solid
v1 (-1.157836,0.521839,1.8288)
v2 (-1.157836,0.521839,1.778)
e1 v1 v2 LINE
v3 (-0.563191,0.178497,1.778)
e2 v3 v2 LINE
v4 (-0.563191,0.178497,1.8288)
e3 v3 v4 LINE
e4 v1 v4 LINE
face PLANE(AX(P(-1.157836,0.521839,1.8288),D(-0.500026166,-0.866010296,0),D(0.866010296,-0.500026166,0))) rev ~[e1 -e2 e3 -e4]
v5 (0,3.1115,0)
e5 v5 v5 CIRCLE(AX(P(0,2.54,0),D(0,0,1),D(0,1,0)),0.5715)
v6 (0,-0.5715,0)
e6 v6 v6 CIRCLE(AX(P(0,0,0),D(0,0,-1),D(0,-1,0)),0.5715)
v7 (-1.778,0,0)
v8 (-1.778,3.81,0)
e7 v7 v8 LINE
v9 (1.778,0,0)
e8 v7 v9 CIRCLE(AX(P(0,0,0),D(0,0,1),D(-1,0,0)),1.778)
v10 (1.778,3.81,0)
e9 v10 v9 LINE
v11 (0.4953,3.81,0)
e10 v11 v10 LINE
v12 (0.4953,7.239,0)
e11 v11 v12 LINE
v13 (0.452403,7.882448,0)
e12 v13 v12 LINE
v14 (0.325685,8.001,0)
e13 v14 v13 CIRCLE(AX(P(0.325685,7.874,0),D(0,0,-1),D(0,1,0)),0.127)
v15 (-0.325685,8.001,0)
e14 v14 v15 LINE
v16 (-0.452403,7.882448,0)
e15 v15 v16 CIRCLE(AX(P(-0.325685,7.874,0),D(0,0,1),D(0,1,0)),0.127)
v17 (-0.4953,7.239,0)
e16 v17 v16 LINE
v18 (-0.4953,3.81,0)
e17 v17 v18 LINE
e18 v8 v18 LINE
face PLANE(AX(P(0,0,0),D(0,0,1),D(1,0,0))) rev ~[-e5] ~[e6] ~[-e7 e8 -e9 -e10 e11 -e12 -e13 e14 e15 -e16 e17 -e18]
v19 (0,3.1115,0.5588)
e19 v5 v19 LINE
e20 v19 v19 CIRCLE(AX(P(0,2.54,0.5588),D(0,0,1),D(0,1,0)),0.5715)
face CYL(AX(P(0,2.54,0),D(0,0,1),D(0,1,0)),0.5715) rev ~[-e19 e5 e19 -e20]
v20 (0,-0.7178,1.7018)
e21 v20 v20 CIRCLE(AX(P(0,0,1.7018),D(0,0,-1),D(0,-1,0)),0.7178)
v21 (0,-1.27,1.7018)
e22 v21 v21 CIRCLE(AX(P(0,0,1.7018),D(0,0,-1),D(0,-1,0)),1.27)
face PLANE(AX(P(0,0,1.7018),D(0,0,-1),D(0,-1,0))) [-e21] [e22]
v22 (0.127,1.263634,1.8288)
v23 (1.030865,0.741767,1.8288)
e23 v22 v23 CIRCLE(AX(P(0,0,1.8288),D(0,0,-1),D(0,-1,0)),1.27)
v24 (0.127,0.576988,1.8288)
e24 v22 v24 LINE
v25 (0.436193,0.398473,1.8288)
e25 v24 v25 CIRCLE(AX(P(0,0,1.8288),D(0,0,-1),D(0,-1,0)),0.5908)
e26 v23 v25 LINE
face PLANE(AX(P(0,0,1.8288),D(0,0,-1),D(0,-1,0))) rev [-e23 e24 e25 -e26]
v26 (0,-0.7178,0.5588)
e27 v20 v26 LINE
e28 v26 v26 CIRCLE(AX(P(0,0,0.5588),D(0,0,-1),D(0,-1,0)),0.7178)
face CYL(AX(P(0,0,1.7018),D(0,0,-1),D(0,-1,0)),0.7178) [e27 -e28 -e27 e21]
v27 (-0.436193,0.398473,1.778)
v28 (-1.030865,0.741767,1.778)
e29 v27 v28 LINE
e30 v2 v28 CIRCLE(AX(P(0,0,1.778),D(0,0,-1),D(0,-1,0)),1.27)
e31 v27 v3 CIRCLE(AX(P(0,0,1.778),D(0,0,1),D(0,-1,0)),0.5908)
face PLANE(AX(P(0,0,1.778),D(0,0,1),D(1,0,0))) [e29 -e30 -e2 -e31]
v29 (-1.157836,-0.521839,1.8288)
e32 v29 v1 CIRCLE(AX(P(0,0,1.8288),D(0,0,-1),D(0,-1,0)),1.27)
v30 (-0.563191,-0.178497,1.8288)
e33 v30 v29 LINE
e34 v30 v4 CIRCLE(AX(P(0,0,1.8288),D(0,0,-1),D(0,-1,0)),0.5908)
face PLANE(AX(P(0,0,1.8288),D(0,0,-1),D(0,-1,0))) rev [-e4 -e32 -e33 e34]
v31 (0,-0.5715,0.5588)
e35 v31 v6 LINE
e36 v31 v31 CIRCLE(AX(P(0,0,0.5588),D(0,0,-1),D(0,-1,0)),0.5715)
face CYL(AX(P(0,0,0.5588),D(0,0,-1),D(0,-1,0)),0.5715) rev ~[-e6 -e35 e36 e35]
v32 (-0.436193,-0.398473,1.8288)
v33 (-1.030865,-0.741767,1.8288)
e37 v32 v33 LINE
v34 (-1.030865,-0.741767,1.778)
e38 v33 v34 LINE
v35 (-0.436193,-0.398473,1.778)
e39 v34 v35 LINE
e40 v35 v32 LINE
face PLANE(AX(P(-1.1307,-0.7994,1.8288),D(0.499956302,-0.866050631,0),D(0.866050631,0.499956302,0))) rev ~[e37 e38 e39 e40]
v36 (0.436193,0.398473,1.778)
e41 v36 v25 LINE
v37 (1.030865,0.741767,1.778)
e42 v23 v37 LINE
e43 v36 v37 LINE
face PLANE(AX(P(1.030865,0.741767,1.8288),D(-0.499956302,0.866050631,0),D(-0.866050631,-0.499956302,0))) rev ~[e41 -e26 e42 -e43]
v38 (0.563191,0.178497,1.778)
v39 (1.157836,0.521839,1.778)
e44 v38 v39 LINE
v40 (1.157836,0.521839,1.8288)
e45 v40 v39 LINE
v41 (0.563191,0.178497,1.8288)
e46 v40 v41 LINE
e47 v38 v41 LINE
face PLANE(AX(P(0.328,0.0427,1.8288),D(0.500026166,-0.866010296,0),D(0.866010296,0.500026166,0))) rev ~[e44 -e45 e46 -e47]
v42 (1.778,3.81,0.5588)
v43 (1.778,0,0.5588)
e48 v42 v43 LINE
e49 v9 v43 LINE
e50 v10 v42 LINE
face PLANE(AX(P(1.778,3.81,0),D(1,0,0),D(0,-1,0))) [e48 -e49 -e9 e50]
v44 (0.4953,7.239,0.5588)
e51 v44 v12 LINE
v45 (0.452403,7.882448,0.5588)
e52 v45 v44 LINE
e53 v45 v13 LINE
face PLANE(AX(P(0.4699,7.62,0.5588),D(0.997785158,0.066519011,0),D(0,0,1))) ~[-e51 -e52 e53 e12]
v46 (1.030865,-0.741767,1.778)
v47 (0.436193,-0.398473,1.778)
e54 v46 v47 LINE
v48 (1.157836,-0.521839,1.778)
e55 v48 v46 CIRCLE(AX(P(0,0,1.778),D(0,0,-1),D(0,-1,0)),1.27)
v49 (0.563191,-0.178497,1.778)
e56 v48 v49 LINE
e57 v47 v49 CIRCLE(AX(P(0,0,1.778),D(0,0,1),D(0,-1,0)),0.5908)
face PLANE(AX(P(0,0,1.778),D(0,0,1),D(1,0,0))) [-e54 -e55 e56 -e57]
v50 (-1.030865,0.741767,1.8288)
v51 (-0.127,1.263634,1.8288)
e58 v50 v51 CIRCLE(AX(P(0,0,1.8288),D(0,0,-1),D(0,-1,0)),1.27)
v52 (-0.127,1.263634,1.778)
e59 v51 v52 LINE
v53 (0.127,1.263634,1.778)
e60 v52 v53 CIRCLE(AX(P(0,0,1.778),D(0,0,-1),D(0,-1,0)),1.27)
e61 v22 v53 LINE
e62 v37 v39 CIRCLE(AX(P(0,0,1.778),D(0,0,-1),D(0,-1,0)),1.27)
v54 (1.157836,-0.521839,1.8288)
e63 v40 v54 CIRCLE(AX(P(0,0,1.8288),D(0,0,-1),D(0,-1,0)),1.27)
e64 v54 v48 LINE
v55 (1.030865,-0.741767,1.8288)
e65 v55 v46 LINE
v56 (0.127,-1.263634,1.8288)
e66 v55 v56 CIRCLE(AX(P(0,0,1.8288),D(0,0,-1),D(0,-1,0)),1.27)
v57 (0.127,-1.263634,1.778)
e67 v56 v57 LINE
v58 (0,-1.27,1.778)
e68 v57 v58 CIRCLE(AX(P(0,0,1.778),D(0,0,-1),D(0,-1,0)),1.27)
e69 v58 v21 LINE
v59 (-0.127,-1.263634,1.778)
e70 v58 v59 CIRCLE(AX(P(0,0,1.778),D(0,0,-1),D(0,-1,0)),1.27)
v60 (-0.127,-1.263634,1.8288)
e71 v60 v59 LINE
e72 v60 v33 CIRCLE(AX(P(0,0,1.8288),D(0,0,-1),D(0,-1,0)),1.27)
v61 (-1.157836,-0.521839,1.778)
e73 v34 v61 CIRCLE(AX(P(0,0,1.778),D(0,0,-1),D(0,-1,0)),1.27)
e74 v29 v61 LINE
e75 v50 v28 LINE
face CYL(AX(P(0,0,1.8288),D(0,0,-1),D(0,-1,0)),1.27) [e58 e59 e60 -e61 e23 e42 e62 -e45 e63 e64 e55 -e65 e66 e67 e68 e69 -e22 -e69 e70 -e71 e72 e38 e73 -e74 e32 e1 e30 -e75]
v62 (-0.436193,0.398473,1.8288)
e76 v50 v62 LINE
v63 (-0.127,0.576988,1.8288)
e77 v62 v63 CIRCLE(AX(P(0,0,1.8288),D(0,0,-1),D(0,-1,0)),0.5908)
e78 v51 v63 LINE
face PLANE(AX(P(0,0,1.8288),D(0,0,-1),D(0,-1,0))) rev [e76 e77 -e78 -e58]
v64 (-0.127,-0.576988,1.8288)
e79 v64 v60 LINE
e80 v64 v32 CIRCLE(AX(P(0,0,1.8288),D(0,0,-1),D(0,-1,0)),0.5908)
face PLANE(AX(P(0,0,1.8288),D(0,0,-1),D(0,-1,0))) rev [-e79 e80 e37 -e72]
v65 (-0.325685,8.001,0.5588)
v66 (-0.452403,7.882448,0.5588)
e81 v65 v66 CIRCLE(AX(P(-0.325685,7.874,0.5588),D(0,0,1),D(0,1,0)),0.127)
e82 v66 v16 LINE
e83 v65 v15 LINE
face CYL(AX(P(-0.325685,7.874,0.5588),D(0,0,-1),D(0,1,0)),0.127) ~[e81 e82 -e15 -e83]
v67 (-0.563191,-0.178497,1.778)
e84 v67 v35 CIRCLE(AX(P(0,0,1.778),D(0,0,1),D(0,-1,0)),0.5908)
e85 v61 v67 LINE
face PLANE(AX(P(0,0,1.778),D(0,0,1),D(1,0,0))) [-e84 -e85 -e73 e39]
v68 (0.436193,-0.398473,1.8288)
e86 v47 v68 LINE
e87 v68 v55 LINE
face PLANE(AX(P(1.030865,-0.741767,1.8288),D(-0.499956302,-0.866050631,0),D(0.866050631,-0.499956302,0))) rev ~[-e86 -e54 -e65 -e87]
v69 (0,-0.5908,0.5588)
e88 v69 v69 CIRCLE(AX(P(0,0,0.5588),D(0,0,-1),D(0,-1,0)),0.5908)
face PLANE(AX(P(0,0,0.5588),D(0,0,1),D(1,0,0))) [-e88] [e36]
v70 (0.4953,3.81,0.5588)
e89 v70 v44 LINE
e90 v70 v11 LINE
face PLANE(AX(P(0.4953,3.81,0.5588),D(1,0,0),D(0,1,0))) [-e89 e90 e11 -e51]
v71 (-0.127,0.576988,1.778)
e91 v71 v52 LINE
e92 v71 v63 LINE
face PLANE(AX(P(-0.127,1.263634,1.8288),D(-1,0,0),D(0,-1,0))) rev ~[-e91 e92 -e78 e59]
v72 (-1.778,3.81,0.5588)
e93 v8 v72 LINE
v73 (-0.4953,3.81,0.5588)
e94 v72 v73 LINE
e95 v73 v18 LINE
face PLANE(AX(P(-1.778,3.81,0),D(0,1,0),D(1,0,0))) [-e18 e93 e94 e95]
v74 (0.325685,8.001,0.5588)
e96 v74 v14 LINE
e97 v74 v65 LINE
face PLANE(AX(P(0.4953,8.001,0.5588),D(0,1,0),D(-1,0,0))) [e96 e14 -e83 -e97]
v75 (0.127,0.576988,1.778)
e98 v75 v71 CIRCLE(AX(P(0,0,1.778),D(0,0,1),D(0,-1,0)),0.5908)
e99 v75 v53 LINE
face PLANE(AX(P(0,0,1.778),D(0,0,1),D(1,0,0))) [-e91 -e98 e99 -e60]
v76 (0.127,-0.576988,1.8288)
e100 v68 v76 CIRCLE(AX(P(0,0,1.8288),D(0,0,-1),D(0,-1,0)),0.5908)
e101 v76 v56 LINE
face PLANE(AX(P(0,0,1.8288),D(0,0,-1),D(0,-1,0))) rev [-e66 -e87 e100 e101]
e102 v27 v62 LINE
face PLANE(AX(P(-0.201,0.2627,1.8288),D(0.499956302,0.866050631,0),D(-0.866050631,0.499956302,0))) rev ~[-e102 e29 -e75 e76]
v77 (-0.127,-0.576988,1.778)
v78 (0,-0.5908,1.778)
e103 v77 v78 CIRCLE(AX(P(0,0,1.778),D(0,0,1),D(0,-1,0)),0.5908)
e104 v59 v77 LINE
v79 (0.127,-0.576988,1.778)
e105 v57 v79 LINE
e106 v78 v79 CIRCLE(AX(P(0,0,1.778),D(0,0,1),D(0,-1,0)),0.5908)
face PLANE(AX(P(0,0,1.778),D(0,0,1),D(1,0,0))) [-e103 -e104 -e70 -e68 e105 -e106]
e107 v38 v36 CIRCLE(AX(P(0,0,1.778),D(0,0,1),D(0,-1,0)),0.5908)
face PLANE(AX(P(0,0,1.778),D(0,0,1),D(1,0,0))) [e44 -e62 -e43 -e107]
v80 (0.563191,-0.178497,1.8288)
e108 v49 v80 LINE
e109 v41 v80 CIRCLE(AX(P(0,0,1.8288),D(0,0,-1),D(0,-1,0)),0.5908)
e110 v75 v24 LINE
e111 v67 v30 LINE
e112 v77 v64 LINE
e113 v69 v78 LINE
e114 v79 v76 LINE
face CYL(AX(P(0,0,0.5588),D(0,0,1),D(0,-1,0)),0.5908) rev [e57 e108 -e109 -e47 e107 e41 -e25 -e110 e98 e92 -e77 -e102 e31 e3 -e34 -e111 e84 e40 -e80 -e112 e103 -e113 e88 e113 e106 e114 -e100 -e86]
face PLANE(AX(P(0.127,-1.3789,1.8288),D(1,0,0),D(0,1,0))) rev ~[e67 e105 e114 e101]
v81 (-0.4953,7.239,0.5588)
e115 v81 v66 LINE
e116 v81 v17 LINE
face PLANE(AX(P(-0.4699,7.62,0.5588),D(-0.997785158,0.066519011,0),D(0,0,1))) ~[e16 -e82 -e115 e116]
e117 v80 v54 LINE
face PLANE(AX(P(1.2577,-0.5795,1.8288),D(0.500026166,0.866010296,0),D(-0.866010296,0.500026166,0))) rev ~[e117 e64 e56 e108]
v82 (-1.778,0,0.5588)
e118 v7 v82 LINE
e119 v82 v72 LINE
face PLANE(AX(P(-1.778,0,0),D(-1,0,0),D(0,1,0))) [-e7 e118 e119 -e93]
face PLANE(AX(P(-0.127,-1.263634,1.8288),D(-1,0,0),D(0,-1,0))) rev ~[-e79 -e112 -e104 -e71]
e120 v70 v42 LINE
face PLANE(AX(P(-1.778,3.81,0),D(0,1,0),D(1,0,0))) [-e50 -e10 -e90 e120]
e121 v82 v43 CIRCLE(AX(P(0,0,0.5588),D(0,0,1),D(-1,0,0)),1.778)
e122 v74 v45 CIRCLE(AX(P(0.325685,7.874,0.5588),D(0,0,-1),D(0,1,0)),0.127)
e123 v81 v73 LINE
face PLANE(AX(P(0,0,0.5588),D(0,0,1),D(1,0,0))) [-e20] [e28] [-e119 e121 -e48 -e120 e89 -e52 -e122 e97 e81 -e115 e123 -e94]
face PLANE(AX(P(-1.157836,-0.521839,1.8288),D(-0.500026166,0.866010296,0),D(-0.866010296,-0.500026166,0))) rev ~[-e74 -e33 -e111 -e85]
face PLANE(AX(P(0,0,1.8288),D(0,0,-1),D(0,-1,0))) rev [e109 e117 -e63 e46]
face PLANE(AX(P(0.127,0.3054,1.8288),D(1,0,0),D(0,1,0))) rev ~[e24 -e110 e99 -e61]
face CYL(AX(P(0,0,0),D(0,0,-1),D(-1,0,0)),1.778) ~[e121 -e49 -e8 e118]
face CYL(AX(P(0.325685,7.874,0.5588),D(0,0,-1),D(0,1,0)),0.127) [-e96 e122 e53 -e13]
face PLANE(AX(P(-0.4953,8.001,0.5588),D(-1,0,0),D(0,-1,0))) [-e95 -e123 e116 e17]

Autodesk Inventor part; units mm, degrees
ref_plane "YZ Plane" through (0, 0, 0) normal (1, 0, 0) x (0, 1, 0)
ref_plane "XZ Plane" through (0, 0, 0) normal (0, 1, 0) x (-1, 0, 0)
ref_plane "XY Plane" through (0, 0, 0) normal (0, 0, 1) x (1, 0, 0)
sketch "Sketch1" plane through (0, 0, 0) normal (0, 0, 1) x (1, 0, 0)
  arc A0 (-1.778, 0) -> (1.778, 0) centre (0, 0) ccw
  line L0 (-1.778, 0) -> (-1.778, 3.81)
  line L1 (-1.778, 3.81) -> (1.778, 3.81)
  line L2 (1.778, 3.81) -> (1.778, 0)
  dimension "d0" = 3.556
  dimension "d1" = 3.81
extrude "Extrusion1" add sketch "Sketch1" along normal blind 0.5588
hole "Hole1" at (0, 0, 0.5588) direction (0, 0, -1) diameter 1.143 end through all
sketch "Sketch3" plane through (0, 0, 0) normal (1, 0, 0) x (0, 1, 0)
  line L0 (-0.5908, 1.8288) -> (-1.27, 1.8288)
  line L1 (-1.27, 1.8288) -> (-1.27, 1.7018)
  line L2 (0, 0.5588) -> (-1.778, 0.5588) projected
  line L3 (0, 1.8288) -> (0, 0.5588)
  line L4 (-0.5908, 0.5588) -> (-0.5908, 1.8288)
  line L5 (-1.27, 1.7018) -> (-0.7178, 1.7018)
  line L6 (0.5715, 0) -> (-0.5715, 0) projected
  line L7 (-0.5715, 0.5588) -> (0.5715, 0.5588) projected
  line L8 (-0.7178, 1.7018) -> (-0.7178, 0.5588)
  line L9 (-0.7178, 0.5588) -> (-0.5908, 0.5588)
  point P0 (0, 0)
  dimension "d21" = 0.127
  dimension "d22" = 1.27
revolve "Revolution1" add sketch "Sketch3" angle 360 about axis through (0, 0, 1.8288) along (0, 0, -1)
sketch "Sketch4" plane through (0, 0, 1.8288) normal (0, 0, 1) x (1, 0, 0)
  circle A0 centre (0, 0) radius 1.27 projected
  line L0 (-0.127, 0.3054) -> (0.127, 0.3054)
  line L1 (0.127, 0.3054) -> (0.127, 1.3789)
  line L2 (0.127, 1.3789) -> (-0.127, 1.3789)
  line L3 (-0.127, 1.3789) -> (-0.127, 0.3054)
  line L4 (-0.328, 0.0427) -> (-0.201, 0.2627)
  line L5 (-0.201, 0.2627) -> (-1.1307, 0.7994)
  line L6 (-1.1307, 0.7994) -> (-1.2577, 0.5795)
  line L7 (-1.2577, 0.5795) -> (-0.328, 0.0427)
  line L8 (-0.201, -0.2627) -> (-0.328, -0.0427)
  line L9 (-0.328, -0.0427) -> (-1.2577, -0.5795)
  line L10 (-1.2577, -0.5795) -> (-1.1307, -0.7994)
  line L11 (-1.1307, -0.7994) -> (-0.201, -0.2627)
  line L12 (0.127, -0.3054) -> (-0.127, -0.3054)
  line L13 (-0.127, -0.3054) -> (-0.127, -1.3789)
  line L14 (-0.127, -1.3789) -> (0.127, -1.3789)
  line L15 (0.127, -1.3789) -> (0.127, -0.3054)
  line L16 (0.328, -0.0427) -> (0.201, -0.2627)
  line L17 (0.201, -0.2627) -> (1.1307, -0.7994)
  line L18 (1.1307, -0.7994) -> (1.2577, -0.5795)
  line L19 (1.2577, -0.5795) -> (0.328, -0.0427)
  line L20 (0.201, 0.2627) -> (0.328, 0.0427)
  line L21 (0.328, 0.0427) -> (1.2577, 0.5795)
  line L22 (1.2577, 0.5795) -> (1.1307, 0.7994)
  line L23 (1.1307, 0.7994) -> (0.201, 0.2627)
  dimension "d24" = 0.254
  dimension "d25" = 0.127
  dimension "d28" = 360
extrude "Extrusion2" cut sketch "Sketch4" against normal blind 0.0508 contours L21 L20 L23 A0 | A0 L23 L22 L21 | L19 L18 L17 A0 | A0 L17 L16 L19 | L1 L0 L3 A0 | A0 L3 L2 L1 | L15 L14 L13 A0 | A0 L13 L12 L15 | L5 L4 L7 A0 | A0 L7 L6 L5 | L11 L10 L9 A0 | A0 L9 L8 L11
sketch "Sketch5" plane through (0, 0, 0.5588) normal (0, 0, 1) x (1, 0, 0)
  arc A0 (-1.778, 0) -> (1.778, 0) centre (0, 0) ccw projected
  line L0 (1.778, 3.81) -> (-1.778, 3.81) projected
  line L1 (-0.4953, 3.81) -> (0.4953, 3.81)
  line L2 (0.4953, 3.81) -> (0.4953, 8.001)
  line L3 (0.4953, 8.001) -> (-0.4953, 8.001)
  line L4 (-0.4953, 8.001) -> (-0.4953, 3.81)
  dimension "d32" = 4.191
  dimension "d33" = 0.9906
  dimension "d34" = 0.4953
extrude "Extrusion3" add sketch "Sketch5" against normal up to surface (0.5588 mm away)
chamfer "Chamfer1" distance 0.0508 distance2 0.762 1 edges at (0.4953, 8.001, 0.2794) measured on face at (0.1651, 8.001, 0.3725)
chamfer "Chamfer2" distance 0.762 distance2 0.0508 1 edges at (-0.4953, 8.001, 0.2794) measured on face at (-0.4953, 6.604, 0.3725)
fillet "Fillet2" radius 0.127 2 edges at (0.4445, 8.001, 0.2794) (-0.4445, 8.001, 0.2794)
sketch "Sketch6" plane through (0, 0, 0) normal (0, 0, -1) x (-1, 0, 0)
  arc A0 (-1.778, 0) -> (1.778, 0) centre (0, 0) ccw projected
  point P0 (0, 2.54)
  dimension "d45" = 2.54
hole "Hole2" at (0, 2.54, 0) direction (0, 0, 1) diameter 1.143 end through all
equation "\"d25\" = 0.5 * d24"
equation "\"d34\" = 0.5 * d33"
properties part number "Potenciometro - Pata"
